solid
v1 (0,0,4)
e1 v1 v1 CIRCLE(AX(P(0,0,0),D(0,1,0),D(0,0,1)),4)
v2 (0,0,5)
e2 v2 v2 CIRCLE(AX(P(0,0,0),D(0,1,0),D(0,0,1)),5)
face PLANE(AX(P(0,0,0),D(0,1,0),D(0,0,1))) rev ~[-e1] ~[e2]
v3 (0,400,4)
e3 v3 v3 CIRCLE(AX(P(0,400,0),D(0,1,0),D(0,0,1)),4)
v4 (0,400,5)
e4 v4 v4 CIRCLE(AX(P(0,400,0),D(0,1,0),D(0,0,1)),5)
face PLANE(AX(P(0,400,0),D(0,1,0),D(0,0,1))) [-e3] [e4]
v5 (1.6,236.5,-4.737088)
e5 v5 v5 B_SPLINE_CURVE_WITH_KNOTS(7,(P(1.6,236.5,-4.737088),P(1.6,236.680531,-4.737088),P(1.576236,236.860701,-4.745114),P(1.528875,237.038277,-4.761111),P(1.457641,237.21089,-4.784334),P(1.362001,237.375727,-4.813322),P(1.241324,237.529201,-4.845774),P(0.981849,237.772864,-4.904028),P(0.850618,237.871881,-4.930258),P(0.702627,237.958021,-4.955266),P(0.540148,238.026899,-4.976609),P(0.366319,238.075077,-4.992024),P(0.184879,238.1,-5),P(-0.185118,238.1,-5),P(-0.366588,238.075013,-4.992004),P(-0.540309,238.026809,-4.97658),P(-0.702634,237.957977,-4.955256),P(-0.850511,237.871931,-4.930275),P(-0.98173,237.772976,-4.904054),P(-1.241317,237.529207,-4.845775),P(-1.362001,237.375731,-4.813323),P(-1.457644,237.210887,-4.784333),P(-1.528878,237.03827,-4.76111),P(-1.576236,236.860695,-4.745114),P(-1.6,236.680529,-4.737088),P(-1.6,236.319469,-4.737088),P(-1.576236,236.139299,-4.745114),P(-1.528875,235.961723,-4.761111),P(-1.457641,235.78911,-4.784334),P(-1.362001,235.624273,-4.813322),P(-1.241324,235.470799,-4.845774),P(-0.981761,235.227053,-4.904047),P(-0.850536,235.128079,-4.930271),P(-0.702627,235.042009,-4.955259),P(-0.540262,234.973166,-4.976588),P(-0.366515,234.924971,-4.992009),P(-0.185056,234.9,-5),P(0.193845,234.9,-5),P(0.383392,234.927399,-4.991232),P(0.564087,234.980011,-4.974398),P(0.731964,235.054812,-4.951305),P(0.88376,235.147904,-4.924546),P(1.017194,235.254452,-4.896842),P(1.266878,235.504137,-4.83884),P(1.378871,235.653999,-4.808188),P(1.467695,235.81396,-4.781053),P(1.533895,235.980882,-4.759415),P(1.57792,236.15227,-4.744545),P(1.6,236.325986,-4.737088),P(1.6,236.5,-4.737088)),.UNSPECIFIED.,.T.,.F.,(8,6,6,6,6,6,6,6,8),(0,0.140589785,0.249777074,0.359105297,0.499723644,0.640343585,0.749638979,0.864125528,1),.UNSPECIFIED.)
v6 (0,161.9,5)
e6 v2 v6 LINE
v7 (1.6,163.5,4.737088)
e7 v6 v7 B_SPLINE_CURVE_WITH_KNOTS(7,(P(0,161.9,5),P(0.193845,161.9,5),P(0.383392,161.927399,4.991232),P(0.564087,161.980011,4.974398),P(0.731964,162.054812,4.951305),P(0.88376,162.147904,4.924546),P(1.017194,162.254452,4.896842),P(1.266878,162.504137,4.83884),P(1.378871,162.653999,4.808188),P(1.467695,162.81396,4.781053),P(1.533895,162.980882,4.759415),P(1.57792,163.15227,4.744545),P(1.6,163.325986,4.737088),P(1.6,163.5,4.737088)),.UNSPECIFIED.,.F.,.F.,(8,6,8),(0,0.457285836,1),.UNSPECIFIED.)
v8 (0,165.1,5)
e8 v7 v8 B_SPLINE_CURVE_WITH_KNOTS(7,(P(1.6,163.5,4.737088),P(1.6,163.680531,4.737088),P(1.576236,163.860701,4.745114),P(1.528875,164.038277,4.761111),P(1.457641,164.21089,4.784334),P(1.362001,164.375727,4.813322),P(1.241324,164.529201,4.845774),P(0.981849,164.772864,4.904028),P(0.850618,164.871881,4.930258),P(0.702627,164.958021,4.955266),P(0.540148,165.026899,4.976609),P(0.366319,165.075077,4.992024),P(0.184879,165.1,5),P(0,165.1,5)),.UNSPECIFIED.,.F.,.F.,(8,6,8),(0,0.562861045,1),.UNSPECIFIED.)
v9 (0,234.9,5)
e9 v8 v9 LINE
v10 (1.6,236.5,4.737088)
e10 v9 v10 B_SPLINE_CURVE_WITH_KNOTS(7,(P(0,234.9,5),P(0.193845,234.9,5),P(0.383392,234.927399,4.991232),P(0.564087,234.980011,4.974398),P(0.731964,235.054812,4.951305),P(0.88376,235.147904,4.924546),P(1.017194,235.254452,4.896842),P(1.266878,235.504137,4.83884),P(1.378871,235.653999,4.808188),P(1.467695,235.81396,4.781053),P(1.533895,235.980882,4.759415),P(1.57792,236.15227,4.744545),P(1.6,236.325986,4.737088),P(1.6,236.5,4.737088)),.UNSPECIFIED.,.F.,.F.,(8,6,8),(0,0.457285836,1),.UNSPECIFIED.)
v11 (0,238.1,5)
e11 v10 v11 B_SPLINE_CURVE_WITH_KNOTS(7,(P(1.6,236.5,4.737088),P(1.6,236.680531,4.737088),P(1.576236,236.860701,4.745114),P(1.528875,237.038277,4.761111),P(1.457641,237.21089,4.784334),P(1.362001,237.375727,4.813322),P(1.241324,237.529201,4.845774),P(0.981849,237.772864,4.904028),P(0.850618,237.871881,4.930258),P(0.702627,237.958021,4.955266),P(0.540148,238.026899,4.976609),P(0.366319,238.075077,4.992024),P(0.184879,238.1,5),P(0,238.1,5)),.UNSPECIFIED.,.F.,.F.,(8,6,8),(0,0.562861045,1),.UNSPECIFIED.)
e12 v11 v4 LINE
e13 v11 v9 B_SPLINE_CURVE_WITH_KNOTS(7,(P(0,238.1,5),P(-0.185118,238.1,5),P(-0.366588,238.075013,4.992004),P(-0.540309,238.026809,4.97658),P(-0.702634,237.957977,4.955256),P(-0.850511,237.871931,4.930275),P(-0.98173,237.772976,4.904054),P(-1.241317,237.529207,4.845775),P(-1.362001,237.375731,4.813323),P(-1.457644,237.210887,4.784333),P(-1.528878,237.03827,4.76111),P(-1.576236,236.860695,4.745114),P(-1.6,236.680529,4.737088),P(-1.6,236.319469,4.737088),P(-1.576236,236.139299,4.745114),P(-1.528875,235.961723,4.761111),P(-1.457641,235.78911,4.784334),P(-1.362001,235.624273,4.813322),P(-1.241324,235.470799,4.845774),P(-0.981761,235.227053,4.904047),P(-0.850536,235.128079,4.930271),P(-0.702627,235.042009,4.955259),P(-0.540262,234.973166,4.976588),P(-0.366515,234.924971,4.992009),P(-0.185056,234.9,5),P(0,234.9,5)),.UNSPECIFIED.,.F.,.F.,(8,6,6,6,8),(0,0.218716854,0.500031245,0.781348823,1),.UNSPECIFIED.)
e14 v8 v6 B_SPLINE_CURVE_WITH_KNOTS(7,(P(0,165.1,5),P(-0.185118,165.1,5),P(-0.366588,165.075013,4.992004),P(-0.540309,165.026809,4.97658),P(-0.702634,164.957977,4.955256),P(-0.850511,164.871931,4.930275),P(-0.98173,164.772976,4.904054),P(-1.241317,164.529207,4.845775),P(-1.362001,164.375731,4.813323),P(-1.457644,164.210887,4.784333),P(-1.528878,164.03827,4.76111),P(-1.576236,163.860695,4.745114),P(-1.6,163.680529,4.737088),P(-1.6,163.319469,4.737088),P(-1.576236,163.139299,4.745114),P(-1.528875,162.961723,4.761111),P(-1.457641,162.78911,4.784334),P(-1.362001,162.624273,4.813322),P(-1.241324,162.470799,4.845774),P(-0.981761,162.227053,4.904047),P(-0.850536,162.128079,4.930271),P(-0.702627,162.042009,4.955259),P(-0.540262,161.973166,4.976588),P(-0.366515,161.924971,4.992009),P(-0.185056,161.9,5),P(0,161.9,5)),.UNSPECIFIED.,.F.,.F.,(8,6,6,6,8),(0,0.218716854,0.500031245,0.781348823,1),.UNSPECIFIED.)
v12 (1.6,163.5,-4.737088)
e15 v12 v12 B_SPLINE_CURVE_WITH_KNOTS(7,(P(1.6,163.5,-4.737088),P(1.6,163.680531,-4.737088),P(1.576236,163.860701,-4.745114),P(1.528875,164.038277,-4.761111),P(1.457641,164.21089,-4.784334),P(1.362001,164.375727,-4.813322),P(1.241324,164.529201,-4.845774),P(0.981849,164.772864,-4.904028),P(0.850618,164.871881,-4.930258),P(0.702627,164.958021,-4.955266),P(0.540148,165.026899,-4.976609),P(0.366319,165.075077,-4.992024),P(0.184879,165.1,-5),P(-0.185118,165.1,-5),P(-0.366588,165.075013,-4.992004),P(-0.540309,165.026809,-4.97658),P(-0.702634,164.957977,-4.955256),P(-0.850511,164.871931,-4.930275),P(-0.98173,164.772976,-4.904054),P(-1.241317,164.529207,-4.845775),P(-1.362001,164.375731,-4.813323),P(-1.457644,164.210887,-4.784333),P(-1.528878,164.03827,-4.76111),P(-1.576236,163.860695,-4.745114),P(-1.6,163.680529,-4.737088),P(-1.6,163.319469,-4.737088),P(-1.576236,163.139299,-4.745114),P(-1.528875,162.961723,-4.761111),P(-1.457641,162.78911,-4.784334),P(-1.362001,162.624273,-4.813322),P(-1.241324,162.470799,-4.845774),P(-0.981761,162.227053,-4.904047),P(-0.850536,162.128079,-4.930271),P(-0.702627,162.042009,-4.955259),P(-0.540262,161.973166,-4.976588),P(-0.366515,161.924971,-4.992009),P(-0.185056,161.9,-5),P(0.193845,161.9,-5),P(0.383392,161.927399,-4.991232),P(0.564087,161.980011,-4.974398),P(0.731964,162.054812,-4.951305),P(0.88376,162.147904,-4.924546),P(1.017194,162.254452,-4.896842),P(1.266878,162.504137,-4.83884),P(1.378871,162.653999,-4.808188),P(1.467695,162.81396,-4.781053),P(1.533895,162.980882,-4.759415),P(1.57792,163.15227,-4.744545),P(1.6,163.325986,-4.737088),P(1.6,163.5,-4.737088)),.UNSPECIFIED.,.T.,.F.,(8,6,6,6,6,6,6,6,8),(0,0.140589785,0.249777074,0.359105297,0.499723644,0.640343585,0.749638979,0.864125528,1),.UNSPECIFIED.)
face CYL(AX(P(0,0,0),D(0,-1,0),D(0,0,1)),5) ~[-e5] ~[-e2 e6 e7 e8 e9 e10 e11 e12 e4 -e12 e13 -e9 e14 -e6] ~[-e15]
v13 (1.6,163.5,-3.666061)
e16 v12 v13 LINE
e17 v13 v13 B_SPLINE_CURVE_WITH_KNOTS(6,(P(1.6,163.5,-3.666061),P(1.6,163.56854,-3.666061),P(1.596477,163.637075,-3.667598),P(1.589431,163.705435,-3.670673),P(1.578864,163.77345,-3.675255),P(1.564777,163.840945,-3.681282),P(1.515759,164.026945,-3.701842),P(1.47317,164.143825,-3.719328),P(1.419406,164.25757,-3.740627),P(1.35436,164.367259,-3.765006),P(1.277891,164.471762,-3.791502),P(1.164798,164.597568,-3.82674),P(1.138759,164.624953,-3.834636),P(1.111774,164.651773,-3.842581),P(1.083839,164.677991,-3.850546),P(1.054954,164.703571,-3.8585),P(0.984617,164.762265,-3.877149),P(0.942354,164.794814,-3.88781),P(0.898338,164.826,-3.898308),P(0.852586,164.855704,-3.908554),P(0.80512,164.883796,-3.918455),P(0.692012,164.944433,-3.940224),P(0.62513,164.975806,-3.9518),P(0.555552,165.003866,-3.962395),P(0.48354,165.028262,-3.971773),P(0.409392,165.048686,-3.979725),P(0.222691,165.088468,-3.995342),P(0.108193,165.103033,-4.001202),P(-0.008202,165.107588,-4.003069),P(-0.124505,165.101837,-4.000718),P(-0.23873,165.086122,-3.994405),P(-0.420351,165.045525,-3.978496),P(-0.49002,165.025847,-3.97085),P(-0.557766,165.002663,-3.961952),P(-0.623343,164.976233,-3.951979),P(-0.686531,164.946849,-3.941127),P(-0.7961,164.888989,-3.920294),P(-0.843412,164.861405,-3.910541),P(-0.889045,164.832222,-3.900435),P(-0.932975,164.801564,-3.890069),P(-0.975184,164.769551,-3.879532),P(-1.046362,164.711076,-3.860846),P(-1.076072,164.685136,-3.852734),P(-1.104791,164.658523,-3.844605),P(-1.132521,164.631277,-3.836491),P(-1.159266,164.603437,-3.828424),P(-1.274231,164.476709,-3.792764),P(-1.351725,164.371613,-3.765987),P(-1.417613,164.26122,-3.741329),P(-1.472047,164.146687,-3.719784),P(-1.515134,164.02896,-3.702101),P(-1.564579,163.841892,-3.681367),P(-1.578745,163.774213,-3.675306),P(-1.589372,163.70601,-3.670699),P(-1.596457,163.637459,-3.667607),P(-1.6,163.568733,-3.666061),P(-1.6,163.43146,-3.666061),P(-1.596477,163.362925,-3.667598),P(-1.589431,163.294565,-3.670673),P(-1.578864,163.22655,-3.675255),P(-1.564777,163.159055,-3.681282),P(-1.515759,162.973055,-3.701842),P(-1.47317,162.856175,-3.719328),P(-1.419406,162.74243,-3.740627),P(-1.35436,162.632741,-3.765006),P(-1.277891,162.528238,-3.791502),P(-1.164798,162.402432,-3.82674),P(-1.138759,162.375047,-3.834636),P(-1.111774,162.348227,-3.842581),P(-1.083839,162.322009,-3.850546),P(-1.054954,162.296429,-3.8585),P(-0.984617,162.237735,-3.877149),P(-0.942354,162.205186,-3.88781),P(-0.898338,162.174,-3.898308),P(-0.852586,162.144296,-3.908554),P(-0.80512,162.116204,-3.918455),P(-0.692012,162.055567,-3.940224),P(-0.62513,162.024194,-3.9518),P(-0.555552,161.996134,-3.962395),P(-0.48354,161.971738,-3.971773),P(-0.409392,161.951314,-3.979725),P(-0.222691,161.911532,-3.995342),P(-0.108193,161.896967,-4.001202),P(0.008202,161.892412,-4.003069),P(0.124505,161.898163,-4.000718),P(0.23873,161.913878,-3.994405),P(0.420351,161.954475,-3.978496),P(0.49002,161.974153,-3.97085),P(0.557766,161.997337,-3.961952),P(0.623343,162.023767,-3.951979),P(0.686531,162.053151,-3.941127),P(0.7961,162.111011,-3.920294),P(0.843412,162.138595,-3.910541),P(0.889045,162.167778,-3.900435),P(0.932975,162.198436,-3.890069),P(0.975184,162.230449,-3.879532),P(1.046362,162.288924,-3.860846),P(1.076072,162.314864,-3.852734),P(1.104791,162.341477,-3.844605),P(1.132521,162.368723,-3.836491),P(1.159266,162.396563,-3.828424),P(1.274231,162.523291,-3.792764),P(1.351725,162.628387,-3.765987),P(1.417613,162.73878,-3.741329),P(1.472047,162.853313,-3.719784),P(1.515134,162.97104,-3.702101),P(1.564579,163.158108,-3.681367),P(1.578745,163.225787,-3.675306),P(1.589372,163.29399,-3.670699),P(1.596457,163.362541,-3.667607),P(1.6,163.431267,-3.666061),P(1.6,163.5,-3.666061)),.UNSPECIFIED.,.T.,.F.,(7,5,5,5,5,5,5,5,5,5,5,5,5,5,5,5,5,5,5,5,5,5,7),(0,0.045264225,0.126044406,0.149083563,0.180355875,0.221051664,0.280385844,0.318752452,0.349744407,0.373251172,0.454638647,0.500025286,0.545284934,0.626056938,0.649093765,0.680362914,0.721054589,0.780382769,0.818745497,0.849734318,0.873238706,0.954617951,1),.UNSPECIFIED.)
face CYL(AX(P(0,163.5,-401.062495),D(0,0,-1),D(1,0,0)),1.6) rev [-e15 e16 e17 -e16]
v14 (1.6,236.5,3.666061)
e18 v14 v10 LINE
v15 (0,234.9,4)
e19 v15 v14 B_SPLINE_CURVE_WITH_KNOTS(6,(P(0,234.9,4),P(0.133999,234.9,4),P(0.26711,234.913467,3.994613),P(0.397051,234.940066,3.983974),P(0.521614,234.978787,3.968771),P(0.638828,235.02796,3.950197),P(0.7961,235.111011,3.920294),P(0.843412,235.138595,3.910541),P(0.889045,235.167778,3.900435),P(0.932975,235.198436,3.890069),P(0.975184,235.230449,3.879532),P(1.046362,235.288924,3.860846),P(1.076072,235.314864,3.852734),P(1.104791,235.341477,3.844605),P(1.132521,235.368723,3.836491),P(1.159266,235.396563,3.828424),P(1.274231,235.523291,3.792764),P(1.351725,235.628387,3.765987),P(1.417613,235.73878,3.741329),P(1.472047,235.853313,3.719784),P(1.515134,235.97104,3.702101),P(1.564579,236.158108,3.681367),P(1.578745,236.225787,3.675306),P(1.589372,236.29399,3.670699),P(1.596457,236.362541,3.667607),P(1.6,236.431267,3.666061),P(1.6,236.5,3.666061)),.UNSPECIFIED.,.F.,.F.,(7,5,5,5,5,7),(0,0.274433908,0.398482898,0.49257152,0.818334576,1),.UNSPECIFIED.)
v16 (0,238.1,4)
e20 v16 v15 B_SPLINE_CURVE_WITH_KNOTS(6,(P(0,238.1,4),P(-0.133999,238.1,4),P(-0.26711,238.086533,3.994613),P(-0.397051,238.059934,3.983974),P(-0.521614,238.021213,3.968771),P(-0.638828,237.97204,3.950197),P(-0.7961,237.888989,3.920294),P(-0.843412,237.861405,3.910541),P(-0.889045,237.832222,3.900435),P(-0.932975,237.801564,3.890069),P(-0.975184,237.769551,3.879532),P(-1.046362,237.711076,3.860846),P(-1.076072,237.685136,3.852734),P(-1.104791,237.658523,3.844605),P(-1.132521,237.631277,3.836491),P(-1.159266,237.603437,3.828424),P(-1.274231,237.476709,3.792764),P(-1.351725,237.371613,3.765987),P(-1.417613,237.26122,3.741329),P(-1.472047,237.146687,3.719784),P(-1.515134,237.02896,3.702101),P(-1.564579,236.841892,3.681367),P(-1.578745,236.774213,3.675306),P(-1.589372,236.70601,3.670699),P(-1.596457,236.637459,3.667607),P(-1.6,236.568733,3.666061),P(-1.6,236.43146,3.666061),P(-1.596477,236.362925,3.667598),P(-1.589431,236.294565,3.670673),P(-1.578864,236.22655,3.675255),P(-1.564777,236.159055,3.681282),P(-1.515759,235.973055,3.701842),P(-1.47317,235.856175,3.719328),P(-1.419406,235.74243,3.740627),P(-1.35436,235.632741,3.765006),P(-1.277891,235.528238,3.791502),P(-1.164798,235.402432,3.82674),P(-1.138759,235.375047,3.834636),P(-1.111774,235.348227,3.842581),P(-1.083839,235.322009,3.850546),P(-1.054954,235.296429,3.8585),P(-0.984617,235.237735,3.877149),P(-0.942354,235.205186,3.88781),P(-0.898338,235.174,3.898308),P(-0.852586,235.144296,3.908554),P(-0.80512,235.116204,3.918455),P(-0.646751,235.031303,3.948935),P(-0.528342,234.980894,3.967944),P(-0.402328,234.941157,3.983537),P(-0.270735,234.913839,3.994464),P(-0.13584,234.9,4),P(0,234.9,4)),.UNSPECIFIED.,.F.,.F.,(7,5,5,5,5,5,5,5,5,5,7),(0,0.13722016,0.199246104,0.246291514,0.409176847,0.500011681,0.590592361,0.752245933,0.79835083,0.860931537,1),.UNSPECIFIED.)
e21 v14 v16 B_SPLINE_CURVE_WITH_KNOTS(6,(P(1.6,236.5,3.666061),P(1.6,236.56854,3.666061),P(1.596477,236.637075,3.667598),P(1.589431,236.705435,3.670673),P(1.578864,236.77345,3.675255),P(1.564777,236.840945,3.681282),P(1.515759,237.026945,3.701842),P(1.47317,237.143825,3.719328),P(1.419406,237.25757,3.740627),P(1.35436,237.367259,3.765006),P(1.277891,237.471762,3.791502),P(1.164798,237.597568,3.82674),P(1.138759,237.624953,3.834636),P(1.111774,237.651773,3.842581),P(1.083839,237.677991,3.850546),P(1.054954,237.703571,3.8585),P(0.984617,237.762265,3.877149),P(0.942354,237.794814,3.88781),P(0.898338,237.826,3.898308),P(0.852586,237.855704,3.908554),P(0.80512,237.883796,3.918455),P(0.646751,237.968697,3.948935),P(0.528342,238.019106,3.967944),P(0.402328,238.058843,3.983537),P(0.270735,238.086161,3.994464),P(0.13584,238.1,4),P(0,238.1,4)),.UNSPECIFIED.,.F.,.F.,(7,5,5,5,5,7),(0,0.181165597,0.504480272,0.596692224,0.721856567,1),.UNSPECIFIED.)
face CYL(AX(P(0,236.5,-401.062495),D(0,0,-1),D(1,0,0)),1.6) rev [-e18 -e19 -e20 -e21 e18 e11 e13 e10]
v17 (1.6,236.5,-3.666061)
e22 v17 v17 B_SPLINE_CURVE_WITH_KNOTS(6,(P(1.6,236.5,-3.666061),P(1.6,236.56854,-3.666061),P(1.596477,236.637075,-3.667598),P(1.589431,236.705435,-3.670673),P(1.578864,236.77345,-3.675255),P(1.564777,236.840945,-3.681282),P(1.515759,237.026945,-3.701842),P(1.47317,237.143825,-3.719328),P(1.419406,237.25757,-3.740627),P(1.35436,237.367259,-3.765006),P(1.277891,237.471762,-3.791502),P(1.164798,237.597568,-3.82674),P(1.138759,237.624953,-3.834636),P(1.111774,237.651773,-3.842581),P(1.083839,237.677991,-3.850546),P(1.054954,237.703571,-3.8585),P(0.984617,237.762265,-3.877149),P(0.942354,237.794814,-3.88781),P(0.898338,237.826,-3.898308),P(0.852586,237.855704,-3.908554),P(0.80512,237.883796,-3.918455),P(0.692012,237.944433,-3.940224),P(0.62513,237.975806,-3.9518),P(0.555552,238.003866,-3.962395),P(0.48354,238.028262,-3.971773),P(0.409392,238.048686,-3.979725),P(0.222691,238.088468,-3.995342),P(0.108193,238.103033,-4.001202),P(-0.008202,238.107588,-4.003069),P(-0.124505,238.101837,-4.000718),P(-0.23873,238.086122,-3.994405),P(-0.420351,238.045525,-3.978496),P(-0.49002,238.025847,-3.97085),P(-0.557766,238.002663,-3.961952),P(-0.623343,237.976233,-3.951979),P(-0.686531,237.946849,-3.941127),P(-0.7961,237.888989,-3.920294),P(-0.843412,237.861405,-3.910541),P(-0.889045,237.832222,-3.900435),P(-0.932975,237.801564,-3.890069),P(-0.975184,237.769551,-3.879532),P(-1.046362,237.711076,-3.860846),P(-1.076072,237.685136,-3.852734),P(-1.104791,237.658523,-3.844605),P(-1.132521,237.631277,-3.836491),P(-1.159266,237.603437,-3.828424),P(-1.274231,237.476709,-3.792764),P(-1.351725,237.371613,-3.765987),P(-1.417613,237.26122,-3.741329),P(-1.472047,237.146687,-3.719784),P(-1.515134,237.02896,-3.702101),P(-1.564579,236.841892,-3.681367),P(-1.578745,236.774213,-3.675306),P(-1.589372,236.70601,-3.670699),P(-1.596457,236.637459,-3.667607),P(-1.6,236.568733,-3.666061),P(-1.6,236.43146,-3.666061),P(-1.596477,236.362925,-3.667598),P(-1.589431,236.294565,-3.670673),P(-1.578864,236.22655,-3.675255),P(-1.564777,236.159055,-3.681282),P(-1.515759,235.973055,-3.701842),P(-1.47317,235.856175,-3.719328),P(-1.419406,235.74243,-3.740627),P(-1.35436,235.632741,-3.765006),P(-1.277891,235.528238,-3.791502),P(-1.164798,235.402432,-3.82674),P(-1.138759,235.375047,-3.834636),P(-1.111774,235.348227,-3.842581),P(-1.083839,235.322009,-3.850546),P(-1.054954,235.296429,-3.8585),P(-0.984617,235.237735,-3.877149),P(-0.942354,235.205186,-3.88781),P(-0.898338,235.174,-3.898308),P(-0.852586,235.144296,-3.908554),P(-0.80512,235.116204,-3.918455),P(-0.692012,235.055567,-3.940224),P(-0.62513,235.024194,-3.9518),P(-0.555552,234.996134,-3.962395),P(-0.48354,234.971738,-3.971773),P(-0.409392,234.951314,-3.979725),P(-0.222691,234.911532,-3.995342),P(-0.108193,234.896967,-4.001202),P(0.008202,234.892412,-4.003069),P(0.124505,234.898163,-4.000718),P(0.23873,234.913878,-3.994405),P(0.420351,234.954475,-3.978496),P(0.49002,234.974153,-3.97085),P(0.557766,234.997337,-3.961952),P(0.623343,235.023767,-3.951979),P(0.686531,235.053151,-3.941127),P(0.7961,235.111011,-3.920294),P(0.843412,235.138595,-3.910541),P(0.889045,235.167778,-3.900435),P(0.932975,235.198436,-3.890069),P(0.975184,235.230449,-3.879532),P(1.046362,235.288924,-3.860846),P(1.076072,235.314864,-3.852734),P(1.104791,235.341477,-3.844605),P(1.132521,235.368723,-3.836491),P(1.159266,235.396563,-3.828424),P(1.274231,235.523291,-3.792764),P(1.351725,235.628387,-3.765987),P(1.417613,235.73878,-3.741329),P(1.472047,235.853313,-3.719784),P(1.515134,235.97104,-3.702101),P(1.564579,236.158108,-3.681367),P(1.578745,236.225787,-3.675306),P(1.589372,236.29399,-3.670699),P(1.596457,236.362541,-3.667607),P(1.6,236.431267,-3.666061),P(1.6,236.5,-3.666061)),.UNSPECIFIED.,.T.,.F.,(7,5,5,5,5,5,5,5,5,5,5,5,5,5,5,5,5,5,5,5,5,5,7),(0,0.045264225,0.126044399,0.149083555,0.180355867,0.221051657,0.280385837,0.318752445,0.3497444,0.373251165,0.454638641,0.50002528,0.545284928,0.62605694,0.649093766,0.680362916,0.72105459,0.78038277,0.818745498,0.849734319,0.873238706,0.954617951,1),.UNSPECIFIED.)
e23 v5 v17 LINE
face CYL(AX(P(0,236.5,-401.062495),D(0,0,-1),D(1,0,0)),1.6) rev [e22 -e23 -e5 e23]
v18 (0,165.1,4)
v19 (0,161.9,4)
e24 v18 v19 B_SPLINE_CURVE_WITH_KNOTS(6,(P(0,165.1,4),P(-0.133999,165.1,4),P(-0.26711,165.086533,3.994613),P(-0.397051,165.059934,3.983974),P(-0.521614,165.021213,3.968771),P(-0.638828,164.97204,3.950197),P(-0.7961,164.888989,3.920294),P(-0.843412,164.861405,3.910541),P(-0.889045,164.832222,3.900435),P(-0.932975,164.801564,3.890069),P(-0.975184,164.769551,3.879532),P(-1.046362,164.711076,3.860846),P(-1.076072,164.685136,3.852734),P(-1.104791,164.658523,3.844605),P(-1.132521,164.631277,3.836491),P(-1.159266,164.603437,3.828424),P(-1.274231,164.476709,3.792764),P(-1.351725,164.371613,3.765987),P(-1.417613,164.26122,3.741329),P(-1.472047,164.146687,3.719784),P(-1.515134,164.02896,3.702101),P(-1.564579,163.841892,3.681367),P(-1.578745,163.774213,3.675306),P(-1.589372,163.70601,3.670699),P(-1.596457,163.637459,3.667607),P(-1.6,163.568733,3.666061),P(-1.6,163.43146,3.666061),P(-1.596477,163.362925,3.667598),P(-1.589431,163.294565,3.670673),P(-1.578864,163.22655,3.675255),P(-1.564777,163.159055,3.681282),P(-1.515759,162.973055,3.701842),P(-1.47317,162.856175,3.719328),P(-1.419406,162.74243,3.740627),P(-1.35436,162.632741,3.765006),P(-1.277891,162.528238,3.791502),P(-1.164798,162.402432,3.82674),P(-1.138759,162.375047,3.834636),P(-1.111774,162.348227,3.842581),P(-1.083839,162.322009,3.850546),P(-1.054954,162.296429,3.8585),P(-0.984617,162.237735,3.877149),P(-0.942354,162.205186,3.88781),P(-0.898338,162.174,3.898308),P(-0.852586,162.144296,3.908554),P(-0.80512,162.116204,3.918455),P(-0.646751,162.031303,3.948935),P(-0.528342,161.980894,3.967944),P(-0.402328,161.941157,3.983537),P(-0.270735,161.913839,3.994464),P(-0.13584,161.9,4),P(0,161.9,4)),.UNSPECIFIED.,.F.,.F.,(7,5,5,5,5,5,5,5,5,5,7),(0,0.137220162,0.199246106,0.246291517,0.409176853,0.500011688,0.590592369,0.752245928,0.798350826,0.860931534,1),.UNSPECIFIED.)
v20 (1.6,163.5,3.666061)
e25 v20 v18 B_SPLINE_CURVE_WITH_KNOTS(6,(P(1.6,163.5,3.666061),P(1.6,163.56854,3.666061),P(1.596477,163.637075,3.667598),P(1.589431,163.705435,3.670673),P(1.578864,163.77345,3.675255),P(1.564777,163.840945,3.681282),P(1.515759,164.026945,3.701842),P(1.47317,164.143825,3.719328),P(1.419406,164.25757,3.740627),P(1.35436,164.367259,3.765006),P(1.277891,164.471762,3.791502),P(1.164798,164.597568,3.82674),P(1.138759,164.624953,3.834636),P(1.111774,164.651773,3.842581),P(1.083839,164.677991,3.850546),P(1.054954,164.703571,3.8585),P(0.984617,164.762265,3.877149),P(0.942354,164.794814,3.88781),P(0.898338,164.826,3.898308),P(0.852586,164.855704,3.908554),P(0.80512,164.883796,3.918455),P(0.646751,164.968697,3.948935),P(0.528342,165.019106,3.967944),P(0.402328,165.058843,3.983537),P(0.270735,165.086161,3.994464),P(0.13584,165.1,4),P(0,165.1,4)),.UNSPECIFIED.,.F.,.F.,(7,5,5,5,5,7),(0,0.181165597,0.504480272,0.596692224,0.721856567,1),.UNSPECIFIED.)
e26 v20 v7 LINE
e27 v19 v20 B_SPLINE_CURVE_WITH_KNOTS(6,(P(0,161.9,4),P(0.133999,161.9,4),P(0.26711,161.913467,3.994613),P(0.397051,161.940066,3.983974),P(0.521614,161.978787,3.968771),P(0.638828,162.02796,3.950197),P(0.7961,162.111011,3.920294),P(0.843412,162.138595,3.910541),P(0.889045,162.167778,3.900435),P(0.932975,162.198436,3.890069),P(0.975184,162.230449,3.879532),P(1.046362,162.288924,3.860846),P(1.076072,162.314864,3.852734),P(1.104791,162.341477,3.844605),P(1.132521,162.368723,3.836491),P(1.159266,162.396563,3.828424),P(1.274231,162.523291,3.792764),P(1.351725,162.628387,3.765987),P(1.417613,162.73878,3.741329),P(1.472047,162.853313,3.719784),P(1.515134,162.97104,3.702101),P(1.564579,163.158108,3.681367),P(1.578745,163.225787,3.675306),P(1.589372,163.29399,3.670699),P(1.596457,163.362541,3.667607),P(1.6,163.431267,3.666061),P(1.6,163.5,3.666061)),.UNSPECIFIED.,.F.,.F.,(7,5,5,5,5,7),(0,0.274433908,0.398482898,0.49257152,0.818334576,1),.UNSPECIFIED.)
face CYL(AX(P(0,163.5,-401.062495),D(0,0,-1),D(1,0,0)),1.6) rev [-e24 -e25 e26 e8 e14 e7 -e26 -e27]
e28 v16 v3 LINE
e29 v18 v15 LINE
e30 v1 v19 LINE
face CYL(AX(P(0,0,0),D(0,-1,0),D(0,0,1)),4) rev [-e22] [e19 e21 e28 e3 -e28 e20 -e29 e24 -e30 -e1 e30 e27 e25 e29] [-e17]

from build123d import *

# Parameters (mm, degrees)
ESBO_O1_R                  = 5
ESBO_O1_R_2                = 4
RESSALTO_EXTRUS_O1_DEPTH   = 400
CORTE_EXTRUS_O1_DEPTH      = 401.062495118
CORTE_EXTRUS_O1_DEPTH_BACK = 401.062495118
ESBO_O2_R                  = 1.6


with BuildPart() as part:
    # Esboço1 → Ressalto-extrusão1 (new body)
    with BuildSketch(Plane(origin=(0, 0, 0), x_dir=(1, 0, 0), z_dir=(0, 1, 0))):
        with Locations(Location((0, 0, 0), (0, 0, 270))):
            Circle(ESBO_O1_R)
        with Locations(Location((0, 0, 0), (0, 0, 270))):
            Circle(ESBO_O1_R_2, mode=Mode.SUBTRACT)
    extrude(amount=RESSALTO_EXTRUS_O1_DEPTH)

    # Esboço2 → Corte-extrusão1 (cut, two sides: drawn at the far end of the back side and taken through both)
    with BuildSketch(Plane.XY.offset(-CORTE_EXTRUS_O1_DEPTH_BACK)):
        with Locations((0, 236.5)):
            Circle(ESBO_O2_R)
        with Locations((0, 163.5)):
            Circle(ESBO_O2_R)
    extrude(amount=CORTE_EXTRUS_O1_DEPTH + CORTE_EXTRUS_O1_DEPTH_BACK, mode=Mode.SUBTRACT)


solid = part.part
